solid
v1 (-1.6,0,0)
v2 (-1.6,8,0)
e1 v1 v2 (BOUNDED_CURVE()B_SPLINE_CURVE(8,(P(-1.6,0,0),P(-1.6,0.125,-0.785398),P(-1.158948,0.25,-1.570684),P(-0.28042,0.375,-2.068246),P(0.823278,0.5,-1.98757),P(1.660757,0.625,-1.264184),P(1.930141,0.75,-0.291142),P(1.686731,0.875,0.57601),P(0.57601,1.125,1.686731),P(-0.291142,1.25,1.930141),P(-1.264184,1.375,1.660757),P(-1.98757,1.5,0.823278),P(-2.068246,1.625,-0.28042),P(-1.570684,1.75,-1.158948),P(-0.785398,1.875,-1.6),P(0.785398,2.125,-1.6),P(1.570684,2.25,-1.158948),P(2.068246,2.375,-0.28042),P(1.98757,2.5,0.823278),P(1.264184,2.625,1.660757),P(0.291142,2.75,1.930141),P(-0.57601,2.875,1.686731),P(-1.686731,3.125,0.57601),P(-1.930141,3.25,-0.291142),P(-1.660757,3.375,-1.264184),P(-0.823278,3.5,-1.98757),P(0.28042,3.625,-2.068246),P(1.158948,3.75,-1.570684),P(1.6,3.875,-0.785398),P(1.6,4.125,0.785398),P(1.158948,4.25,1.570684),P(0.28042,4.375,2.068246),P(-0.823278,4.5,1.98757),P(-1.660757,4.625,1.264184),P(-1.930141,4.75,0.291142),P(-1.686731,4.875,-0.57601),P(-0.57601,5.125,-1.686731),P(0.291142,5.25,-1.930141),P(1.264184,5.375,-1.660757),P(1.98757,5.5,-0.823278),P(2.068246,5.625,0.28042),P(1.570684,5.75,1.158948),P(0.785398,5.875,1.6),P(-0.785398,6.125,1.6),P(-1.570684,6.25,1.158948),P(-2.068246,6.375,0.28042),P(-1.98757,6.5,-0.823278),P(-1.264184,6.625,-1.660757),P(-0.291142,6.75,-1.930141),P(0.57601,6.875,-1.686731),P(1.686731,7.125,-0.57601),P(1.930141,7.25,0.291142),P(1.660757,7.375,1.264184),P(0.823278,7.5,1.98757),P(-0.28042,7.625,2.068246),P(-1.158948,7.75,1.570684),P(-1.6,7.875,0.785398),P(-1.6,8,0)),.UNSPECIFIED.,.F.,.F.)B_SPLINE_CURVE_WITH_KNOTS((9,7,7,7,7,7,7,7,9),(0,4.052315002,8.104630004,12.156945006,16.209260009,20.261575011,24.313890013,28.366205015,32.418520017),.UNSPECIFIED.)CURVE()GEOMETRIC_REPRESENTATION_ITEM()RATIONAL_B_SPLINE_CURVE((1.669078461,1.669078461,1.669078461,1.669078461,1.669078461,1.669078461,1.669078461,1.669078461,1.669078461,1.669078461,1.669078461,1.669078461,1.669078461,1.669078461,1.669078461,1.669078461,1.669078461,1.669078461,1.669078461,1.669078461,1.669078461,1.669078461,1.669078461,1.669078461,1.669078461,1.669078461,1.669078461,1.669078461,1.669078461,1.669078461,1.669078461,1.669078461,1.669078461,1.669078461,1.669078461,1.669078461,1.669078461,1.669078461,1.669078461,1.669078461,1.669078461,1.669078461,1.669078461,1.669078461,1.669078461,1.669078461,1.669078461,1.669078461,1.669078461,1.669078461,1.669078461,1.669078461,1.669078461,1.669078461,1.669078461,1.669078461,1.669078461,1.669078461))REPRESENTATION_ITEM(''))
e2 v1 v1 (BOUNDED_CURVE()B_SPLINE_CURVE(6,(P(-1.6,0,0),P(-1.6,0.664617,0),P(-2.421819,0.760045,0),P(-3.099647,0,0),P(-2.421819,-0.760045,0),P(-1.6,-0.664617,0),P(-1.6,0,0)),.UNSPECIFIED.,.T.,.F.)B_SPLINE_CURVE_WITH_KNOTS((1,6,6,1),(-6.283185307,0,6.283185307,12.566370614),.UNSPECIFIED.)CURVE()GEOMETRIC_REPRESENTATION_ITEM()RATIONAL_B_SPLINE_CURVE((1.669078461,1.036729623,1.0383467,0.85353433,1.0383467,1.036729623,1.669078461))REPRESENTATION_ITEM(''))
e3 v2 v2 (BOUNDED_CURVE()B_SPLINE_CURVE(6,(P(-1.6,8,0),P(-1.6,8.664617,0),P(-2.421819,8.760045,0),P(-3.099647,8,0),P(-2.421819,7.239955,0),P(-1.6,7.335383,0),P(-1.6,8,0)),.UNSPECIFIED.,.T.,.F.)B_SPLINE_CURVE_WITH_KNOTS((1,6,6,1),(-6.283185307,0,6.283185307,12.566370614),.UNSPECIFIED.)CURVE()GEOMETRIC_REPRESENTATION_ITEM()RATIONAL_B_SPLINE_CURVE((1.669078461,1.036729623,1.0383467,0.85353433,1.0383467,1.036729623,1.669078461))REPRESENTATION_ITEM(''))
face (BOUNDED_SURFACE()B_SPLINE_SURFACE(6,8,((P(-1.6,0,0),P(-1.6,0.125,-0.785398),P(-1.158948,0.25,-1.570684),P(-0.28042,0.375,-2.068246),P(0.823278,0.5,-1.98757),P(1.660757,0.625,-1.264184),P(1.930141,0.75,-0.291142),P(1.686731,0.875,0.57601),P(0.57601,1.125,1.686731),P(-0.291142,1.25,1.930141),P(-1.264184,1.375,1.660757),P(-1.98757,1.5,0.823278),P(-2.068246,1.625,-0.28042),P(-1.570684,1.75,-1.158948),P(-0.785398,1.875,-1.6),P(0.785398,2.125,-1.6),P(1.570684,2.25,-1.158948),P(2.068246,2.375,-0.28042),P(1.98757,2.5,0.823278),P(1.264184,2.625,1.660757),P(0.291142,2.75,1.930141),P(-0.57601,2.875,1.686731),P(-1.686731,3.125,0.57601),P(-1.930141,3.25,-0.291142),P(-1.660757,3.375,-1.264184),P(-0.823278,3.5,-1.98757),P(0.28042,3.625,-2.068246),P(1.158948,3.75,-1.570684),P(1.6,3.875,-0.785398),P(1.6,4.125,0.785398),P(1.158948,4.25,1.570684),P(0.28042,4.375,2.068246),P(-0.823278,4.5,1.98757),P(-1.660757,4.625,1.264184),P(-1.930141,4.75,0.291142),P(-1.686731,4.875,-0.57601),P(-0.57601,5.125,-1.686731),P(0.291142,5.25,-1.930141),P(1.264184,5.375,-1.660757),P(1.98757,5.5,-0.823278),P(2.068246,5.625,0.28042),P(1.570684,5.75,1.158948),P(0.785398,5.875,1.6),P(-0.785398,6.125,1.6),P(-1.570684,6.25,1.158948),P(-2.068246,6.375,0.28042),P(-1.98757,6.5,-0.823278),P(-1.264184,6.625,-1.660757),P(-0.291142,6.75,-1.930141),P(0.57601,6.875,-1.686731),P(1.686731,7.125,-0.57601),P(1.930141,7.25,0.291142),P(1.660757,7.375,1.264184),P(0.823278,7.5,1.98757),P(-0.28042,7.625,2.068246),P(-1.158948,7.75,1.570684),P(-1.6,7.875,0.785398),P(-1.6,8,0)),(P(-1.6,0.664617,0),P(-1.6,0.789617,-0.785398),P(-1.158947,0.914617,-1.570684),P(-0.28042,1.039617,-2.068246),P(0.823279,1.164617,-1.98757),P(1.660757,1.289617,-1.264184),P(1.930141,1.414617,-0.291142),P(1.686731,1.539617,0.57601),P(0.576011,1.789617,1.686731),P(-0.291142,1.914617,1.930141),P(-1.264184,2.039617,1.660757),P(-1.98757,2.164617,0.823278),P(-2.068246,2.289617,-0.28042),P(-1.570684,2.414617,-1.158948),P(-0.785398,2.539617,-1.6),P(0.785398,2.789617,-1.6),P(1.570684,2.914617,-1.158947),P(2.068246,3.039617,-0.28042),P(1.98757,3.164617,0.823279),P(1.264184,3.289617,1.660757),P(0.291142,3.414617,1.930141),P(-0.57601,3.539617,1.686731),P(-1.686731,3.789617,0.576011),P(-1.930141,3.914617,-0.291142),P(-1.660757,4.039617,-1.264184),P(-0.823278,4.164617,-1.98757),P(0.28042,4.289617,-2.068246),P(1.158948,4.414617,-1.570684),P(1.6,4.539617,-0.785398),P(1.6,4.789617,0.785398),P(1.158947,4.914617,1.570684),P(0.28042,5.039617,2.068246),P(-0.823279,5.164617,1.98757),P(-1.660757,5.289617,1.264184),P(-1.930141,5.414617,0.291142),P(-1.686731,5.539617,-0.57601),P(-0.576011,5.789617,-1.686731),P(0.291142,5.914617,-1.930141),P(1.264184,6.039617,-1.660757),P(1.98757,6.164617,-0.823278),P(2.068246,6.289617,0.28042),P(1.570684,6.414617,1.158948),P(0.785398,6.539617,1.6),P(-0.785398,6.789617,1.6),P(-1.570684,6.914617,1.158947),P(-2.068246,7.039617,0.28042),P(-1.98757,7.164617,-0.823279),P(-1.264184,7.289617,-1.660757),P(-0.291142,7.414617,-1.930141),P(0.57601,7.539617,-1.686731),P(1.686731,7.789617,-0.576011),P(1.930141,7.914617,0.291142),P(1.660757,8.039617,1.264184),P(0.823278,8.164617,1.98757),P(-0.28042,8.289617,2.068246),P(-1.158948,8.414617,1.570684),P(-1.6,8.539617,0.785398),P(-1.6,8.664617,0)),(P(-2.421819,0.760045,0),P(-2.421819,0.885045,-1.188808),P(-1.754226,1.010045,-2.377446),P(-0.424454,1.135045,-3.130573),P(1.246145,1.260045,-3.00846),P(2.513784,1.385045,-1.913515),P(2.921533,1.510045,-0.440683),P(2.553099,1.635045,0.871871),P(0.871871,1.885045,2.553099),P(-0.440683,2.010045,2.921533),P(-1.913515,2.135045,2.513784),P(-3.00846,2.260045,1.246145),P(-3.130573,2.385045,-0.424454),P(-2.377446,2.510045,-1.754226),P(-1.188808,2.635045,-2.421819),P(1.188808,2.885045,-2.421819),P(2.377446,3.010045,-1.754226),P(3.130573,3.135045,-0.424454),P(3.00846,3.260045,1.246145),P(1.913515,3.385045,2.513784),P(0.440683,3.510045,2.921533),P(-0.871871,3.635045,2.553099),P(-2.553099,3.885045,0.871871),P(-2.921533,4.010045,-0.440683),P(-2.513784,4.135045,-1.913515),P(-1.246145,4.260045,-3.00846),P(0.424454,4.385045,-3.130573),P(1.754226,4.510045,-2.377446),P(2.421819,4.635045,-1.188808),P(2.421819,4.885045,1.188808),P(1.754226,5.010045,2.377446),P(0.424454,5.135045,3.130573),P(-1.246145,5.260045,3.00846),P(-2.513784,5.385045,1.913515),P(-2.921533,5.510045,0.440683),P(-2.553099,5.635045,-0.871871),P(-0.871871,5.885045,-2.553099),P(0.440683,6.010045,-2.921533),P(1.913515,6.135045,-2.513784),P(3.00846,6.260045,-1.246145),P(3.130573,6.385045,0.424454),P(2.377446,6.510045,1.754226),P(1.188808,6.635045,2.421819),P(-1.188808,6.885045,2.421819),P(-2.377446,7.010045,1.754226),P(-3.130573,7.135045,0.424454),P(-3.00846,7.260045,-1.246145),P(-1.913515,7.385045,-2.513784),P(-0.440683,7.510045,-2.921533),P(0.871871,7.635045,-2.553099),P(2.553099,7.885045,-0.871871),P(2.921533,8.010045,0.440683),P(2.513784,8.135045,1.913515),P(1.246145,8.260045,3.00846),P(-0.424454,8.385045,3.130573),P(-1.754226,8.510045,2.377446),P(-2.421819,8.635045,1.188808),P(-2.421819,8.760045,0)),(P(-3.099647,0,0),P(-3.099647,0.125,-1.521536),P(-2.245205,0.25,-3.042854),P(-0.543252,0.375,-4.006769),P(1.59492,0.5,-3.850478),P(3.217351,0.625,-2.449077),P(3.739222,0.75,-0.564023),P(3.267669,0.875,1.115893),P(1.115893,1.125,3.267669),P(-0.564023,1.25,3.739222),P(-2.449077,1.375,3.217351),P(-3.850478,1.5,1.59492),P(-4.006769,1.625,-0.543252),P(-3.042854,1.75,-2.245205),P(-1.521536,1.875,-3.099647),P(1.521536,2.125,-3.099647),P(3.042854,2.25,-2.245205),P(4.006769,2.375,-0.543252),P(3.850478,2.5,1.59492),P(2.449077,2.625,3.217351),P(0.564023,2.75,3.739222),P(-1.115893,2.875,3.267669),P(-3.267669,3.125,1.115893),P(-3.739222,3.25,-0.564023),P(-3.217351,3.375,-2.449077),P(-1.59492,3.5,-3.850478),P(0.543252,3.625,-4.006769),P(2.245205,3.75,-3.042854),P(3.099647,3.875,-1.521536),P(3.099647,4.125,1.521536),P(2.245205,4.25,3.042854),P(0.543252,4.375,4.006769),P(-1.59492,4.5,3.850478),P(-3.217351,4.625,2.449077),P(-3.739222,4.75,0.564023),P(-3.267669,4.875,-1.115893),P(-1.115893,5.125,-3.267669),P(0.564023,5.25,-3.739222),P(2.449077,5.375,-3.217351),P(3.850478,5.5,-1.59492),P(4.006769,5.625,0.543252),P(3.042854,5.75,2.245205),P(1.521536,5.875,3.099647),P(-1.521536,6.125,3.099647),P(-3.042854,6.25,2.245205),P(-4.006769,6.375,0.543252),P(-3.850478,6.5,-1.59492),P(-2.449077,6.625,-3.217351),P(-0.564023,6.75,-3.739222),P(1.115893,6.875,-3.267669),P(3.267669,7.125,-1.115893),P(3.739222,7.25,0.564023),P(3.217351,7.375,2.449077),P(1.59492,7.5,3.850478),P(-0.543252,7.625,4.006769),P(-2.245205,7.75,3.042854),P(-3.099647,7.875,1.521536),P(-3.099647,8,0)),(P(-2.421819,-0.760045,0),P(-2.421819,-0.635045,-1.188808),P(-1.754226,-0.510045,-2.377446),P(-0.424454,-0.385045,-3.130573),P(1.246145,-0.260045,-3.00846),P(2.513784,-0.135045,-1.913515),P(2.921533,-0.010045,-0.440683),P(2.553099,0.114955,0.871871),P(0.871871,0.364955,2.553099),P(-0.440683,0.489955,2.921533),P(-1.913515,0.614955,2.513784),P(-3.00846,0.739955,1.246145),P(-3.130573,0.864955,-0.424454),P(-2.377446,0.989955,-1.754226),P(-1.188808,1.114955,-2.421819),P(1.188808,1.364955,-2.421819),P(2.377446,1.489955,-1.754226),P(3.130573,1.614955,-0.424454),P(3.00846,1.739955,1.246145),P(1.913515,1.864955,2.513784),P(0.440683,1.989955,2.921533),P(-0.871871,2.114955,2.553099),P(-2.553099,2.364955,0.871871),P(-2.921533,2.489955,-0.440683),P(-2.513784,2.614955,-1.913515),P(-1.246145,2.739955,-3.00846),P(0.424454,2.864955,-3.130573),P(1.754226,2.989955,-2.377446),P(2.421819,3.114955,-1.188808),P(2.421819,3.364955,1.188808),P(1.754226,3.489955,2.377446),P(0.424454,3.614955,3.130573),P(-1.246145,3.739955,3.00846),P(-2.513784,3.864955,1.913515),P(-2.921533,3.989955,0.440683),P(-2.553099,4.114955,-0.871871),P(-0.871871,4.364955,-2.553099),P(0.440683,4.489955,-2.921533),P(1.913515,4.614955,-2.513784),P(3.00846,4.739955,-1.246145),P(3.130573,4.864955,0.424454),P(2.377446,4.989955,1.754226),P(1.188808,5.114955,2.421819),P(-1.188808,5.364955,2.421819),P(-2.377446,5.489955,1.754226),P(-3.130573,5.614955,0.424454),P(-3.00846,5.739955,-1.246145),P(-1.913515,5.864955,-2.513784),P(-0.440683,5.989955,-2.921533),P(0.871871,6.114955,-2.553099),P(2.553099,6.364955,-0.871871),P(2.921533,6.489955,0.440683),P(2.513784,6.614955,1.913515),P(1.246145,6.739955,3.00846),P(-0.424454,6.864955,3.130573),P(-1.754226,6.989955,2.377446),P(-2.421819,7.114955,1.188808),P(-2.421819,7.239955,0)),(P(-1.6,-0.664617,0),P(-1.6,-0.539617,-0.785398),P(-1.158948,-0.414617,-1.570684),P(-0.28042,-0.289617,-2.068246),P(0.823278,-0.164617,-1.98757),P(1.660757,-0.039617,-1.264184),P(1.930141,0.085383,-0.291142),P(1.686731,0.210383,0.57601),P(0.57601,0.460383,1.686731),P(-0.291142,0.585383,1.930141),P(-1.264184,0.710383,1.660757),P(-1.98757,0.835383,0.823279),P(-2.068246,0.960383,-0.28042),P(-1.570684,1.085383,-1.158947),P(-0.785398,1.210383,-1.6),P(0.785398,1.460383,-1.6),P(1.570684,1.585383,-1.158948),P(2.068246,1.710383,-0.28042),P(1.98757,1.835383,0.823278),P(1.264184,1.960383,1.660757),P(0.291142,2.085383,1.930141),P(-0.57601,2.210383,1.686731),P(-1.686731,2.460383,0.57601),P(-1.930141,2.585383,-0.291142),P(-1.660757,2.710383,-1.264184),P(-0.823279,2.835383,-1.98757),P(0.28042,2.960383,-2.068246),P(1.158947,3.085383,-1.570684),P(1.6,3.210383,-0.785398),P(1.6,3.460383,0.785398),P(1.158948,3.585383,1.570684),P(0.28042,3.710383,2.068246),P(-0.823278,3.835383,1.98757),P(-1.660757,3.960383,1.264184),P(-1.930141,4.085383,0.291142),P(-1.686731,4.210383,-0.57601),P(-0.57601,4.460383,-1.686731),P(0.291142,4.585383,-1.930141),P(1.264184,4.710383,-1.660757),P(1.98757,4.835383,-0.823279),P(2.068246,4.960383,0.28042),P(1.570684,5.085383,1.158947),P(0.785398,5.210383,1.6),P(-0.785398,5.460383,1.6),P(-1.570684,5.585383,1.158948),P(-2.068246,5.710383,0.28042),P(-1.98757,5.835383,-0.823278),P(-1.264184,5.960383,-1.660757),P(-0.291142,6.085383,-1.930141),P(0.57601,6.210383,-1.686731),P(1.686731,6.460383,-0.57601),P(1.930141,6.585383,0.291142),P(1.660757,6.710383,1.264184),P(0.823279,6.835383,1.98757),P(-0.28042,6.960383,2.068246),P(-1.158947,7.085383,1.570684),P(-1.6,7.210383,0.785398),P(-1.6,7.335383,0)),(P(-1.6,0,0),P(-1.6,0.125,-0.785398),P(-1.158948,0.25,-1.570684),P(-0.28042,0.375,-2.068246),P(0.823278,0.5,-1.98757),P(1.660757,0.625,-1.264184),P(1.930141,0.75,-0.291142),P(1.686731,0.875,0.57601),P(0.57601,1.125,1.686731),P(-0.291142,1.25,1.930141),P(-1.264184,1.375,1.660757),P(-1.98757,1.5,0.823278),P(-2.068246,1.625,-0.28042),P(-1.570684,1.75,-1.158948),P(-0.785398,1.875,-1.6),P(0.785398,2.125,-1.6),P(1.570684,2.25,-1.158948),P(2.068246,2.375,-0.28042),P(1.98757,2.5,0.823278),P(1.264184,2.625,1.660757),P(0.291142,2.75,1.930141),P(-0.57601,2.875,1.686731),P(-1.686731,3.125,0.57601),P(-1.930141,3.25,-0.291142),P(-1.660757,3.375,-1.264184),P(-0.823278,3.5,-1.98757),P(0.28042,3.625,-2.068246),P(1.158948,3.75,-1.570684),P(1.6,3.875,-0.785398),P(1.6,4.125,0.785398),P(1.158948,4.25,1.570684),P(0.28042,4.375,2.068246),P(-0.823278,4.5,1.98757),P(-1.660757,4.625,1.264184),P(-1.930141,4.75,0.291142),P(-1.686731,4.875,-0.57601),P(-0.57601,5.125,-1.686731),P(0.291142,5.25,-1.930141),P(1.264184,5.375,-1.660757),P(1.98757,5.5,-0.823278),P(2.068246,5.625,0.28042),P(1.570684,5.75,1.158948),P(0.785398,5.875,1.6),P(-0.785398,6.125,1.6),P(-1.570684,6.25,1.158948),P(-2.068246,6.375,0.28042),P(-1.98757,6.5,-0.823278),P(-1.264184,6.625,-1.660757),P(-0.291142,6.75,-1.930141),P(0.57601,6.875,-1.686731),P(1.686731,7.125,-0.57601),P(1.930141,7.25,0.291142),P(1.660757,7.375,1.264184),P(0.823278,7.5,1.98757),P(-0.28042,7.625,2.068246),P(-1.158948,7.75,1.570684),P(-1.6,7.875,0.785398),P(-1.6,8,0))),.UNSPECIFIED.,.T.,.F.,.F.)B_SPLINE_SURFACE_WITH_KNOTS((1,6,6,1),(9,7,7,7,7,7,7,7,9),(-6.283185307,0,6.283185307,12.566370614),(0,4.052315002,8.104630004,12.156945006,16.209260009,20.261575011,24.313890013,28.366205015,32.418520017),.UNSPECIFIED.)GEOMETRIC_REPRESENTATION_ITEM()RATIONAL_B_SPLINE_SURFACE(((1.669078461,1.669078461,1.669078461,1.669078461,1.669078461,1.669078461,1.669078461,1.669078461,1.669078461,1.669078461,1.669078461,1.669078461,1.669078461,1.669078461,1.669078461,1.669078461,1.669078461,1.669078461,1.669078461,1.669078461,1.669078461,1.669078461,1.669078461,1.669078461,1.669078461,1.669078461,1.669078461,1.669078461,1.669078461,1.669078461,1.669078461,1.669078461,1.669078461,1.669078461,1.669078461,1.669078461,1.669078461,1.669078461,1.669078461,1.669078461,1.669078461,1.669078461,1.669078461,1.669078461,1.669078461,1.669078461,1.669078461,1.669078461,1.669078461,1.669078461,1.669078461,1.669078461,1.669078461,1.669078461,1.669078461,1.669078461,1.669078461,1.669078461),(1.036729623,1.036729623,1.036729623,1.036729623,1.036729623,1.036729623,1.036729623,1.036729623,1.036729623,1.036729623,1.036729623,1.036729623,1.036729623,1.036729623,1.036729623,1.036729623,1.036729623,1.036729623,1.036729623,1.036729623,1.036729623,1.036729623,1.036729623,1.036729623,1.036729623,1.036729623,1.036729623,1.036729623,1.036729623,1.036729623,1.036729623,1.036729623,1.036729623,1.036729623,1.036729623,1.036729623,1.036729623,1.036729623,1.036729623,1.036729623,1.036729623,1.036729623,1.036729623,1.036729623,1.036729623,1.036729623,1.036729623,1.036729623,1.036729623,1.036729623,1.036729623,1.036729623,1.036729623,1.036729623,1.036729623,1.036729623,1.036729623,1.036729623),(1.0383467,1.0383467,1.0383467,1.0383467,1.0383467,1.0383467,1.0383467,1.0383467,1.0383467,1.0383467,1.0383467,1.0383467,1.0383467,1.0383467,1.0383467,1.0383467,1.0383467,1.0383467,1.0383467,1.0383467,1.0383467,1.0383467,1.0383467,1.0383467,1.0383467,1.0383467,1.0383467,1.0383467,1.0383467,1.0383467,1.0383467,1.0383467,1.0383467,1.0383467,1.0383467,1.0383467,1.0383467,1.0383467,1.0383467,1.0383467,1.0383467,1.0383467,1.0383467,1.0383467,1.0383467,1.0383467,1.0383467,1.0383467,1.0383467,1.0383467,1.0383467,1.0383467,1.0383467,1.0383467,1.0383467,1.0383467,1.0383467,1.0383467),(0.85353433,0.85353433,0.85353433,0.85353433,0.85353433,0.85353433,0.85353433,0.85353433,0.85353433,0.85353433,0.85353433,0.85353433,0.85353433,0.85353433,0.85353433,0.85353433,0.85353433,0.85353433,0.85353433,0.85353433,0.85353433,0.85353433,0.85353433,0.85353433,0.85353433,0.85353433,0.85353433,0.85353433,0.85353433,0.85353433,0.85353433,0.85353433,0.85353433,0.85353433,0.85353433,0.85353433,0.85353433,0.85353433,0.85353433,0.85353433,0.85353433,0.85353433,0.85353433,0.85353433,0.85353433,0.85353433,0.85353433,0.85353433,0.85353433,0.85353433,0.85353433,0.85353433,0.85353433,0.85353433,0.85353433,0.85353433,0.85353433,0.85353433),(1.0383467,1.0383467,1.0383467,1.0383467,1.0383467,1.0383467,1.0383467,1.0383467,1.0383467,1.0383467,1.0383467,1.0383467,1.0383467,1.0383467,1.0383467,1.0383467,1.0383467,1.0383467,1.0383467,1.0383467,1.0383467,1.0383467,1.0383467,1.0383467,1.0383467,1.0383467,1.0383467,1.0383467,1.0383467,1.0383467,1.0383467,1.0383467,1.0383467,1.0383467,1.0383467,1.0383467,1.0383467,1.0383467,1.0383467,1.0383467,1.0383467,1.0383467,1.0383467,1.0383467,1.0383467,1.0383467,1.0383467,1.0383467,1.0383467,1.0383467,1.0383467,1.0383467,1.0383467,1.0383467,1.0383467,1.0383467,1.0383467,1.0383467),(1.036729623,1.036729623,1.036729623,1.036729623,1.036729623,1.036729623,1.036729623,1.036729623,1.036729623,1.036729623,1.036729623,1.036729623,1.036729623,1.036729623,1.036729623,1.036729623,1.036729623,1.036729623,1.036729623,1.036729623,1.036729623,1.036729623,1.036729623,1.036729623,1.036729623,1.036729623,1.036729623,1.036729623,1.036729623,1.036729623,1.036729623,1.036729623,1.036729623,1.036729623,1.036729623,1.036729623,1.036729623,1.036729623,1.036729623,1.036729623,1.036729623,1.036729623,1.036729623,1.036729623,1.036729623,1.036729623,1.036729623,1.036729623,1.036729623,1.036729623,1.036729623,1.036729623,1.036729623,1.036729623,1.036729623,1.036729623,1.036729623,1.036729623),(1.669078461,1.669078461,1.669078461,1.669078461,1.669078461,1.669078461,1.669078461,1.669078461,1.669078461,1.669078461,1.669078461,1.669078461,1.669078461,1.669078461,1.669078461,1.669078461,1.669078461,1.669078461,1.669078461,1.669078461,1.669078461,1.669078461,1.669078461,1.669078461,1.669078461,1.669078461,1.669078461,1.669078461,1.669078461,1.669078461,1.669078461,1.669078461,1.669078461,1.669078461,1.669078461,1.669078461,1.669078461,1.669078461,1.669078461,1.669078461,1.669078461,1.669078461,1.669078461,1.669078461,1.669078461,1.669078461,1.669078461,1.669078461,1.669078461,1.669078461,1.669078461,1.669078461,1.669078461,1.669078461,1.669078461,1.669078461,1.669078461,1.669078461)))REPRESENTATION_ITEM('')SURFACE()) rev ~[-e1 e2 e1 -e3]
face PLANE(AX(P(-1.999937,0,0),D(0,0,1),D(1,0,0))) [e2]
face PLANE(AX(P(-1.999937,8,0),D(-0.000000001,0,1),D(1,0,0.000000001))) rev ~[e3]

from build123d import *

# Parameters (mm, degrees)
SWEEP1_PITCH       = 1.6
SWEEP1_HEIGHT      = 8
SWEEP1_RADIUS      = 2
SWEEP1_START_ANGLE = -90
SKETCH2_R          = 0.4


with BuildPart() as part:
    # Sweep1: sweep along a helix
    with BuildLine() as sweep1_path:
        add(Helix(SWEEP1_PITCH, SWEEP1_HEIGHT, SWEEP1_RADIUS, center=(0, 0, 0), direction=(0, 1, 0), lefthand=True, mode=Mode.PRIVATE).rotate(Axis((0, 0, 0), (0, 1, 0)), SWEEP1_START_ANGLE))
    # Sketch2 → Sweep1 (sweep)
    with BuildSketch(Plane.XY):
        with Locations((-2, 0)):
            Circle(SKETCH2_R)
    sweep(path=sweep1_path.line, is_frenet=True)


solid = part.part
